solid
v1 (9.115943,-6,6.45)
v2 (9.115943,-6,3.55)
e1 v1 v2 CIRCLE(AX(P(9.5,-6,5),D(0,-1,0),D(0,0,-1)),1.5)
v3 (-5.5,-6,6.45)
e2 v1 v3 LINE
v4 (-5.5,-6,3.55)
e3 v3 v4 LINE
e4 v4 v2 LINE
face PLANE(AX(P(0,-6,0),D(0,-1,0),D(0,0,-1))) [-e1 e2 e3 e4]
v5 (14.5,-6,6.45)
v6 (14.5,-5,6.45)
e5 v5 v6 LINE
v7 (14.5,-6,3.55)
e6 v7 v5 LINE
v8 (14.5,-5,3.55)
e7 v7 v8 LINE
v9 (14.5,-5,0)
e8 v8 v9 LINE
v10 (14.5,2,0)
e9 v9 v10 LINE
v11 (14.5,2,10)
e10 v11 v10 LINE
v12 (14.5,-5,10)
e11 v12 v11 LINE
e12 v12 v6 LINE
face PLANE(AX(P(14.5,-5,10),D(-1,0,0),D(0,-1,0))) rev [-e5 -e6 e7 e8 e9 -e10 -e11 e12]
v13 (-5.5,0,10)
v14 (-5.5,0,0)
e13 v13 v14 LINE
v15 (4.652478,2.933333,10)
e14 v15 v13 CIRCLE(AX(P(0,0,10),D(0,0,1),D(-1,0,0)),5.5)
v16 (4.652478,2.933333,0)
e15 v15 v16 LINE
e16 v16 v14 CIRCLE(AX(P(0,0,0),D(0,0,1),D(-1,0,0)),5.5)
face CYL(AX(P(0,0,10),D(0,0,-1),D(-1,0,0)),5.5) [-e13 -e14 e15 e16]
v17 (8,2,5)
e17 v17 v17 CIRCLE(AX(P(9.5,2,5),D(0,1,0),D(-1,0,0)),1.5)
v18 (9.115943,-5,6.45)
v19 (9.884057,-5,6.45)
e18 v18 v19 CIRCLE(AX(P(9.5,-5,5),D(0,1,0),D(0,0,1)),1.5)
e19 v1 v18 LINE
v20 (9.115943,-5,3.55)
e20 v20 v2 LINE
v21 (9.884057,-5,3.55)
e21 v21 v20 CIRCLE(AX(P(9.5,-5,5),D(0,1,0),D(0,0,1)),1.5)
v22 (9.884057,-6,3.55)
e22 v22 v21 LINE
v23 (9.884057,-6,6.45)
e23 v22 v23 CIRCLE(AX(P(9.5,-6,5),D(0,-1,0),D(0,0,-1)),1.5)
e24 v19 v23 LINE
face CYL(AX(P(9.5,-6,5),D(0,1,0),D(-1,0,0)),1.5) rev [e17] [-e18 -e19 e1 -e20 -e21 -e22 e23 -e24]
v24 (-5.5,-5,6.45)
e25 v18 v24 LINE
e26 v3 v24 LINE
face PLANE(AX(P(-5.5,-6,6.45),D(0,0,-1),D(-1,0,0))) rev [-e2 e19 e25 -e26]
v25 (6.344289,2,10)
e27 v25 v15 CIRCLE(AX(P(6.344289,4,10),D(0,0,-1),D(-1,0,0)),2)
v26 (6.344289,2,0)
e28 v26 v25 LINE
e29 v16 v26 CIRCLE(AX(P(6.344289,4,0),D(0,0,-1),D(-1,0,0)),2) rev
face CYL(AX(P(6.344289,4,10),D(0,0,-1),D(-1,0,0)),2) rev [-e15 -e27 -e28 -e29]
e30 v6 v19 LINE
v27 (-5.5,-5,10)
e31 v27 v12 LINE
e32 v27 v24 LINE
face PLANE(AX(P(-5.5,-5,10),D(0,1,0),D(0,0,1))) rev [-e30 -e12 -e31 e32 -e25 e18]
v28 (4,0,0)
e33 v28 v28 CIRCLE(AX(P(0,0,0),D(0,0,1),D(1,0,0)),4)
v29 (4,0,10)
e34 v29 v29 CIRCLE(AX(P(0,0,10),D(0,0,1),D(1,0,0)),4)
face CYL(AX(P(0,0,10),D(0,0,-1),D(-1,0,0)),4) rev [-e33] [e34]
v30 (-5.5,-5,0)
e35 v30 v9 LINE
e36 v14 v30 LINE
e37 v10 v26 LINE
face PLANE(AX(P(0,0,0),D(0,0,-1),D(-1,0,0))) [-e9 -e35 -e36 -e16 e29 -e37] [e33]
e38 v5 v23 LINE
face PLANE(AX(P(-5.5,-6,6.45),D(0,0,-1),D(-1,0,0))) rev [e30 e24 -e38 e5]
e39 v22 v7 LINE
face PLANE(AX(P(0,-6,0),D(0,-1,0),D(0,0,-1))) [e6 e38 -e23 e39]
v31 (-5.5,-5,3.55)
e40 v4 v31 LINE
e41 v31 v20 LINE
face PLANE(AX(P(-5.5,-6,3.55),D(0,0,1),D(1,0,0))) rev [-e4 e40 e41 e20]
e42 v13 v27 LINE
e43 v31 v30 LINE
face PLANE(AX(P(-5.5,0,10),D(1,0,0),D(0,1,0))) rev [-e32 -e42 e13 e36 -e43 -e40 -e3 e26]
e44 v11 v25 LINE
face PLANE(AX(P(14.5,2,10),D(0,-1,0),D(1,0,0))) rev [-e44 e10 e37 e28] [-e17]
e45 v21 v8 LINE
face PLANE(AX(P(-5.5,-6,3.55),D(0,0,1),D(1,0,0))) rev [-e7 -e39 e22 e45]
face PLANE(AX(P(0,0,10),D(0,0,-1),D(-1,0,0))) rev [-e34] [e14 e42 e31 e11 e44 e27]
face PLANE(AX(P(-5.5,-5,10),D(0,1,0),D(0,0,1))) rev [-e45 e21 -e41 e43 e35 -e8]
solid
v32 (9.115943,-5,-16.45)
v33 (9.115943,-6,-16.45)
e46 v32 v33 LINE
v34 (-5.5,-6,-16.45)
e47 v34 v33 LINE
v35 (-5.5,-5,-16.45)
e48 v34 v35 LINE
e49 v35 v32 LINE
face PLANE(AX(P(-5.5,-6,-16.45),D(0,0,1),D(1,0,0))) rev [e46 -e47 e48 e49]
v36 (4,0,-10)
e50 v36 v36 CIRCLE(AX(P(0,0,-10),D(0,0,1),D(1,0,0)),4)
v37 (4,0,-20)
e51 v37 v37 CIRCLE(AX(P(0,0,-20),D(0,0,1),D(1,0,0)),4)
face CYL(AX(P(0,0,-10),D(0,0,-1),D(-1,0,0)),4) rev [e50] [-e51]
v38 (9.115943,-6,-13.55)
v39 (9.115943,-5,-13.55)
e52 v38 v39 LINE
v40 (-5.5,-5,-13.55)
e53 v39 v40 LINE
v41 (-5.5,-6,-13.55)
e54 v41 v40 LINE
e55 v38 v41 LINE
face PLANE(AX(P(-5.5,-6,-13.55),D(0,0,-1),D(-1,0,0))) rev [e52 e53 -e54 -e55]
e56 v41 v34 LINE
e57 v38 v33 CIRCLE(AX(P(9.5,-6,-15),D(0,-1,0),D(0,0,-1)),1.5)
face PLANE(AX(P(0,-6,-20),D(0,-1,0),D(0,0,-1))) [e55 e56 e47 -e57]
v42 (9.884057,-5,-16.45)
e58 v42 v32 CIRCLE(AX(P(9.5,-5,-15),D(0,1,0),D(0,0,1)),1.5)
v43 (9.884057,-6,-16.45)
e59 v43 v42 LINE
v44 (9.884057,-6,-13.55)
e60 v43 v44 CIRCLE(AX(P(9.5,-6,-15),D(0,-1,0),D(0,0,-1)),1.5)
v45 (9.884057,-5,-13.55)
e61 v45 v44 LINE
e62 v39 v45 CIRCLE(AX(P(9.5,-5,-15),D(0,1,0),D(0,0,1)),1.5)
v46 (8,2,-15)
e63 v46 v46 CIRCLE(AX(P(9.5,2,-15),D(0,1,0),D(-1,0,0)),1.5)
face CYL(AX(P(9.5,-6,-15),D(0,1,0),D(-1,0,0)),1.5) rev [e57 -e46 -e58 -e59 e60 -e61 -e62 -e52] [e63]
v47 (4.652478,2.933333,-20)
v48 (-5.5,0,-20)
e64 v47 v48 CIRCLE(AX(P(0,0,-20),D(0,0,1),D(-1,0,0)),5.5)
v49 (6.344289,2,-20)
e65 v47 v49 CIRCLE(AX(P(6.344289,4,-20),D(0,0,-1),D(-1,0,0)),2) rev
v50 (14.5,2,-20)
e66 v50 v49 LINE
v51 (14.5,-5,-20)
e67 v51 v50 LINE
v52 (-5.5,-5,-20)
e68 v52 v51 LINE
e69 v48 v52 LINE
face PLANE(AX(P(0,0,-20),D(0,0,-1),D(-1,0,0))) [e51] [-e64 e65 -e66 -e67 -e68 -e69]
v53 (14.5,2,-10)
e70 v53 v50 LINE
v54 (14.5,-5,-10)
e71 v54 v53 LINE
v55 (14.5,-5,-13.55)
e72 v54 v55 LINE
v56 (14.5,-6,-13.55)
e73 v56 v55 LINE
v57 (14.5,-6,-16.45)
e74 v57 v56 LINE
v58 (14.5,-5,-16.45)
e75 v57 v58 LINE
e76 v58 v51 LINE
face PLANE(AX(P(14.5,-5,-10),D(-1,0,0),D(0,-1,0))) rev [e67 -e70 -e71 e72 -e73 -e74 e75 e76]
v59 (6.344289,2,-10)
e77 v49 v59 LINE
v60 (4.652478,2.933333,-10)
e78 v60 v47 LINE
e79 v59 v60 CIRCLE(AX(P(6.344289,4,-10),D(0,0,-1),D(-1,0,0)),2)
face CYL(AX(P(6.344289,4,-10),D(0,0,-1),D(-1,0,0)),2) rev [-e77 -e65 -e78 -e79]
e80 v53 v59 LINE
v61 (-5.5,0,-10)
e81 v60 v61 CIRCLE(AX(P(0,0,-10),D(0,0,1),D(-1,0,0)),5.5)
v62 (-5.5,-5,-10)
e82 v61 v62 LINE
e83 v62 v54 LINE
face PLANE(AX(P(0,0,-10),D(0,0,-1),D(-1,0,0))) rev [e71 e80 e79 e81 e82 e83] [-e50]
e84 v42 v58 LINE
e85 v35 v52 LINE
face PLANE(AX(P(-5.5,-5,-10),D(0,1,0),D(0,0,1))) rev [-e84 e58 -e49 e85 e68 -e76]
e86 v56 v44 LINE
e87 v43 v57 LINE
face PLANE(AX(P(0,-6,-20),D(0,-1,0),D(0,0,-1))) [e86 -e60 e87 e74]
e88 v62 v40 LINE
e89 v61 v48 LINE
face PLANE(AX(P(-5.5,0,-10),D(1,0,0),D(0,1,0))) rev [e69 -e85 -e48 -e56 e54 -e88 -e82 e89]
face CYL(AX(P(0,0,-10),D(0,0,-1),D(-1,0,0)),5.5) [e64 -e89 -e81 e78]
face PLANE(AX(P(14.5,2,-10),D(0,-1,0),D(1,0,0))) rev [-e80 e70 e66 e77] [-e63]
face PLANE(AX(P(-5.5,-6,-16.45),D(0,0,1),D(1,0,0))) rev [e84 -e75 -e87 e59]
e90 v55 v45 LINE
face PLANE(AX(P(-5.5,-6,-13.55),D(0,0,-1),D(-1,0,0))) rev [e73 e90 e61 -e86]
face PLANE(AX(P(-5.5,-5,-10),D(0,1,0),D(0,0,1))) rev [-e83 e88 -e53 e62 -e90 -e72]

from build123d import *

# Parameters (mm, degrees)
SKETCH1_R                       = 4
MAIN_DEPTH                      = 10
SKETCH3_W                       = 20
SKETCH3_H                       = 2.9
MAKERBEAMRECTANGULARGUIDE_DEPTH = 1
SKETCH4_R                       = 1.5
MAKERBEAMFIXHOLE_DEPTH          = 9
FILLET1_R                       = 2
LPATTERN1_COUNT                 = 2
LPATTERN1_PITCH                 = 20


with BuildPart() as part:
    # Sketch1 → Main (new body)
    with BuildSketch(Plane.XY):
        with BuildLine():
            Line((-5.5, 0), (-5.5, -5))
            Line((-5.5, -5), (14.5, -5))
            Line((14.5, -5), (14.5, 2))
            Line((14.5, 2), (5.123475383, 2))
            ThreePointArc((5.123475383, 2), (-1.017567048, 5.405049242), (-5.5, 0))
        make_face()
        Circle(SKETCH1_R, mode=Mode.SUBTRACT)
    extrude(amount=MAIN_DEPTH)

    # Sketch3 → MakerBeamRectangularGuide (add)
    with BuildSketch(Plane(origin=(0, -5, 0), x_dir=(-1, 0, 0), z_dir=(0, -1, 0))):
        with Locations((-4.5, -5)):
            Rectangle(SKETCH3_W, SKETCH3_H)
    extrude(amount=MAKERBEAMRECTANGULARGUIDE_DEPTH)

    # Sketch4 → MakerBeamFixHole (cut, through all)
    with BuildSketch(Plane(origin=(0, 2, 0), x_dir=(1, 0, 0), z_dir=(0, 1, 0))):
        with Locations((9.5, -5)):
            Circle(SKETCH4_R)
    extrude(amount=-MAKERBEAMFIXHOLE_DEPTH, mode=Mode.SUBTRACT)

    # Fillet1
    fillet1_edges = [part.edges().sort_by_distance(p)[0] for p in [
        (5.123475383, 2, 5),
    ]]
    fillet(fillet1_edges, radius=FILLET1_R)


with BuildPart() as lpattern1_1:
    # LPattern1: pattern copy
    add(part.part.moved(Location(Vector(0, 0, -1) * (1 * LPATTERN1_PITCH))))


solid = Compound([part.part, lpattern1_1.part])
